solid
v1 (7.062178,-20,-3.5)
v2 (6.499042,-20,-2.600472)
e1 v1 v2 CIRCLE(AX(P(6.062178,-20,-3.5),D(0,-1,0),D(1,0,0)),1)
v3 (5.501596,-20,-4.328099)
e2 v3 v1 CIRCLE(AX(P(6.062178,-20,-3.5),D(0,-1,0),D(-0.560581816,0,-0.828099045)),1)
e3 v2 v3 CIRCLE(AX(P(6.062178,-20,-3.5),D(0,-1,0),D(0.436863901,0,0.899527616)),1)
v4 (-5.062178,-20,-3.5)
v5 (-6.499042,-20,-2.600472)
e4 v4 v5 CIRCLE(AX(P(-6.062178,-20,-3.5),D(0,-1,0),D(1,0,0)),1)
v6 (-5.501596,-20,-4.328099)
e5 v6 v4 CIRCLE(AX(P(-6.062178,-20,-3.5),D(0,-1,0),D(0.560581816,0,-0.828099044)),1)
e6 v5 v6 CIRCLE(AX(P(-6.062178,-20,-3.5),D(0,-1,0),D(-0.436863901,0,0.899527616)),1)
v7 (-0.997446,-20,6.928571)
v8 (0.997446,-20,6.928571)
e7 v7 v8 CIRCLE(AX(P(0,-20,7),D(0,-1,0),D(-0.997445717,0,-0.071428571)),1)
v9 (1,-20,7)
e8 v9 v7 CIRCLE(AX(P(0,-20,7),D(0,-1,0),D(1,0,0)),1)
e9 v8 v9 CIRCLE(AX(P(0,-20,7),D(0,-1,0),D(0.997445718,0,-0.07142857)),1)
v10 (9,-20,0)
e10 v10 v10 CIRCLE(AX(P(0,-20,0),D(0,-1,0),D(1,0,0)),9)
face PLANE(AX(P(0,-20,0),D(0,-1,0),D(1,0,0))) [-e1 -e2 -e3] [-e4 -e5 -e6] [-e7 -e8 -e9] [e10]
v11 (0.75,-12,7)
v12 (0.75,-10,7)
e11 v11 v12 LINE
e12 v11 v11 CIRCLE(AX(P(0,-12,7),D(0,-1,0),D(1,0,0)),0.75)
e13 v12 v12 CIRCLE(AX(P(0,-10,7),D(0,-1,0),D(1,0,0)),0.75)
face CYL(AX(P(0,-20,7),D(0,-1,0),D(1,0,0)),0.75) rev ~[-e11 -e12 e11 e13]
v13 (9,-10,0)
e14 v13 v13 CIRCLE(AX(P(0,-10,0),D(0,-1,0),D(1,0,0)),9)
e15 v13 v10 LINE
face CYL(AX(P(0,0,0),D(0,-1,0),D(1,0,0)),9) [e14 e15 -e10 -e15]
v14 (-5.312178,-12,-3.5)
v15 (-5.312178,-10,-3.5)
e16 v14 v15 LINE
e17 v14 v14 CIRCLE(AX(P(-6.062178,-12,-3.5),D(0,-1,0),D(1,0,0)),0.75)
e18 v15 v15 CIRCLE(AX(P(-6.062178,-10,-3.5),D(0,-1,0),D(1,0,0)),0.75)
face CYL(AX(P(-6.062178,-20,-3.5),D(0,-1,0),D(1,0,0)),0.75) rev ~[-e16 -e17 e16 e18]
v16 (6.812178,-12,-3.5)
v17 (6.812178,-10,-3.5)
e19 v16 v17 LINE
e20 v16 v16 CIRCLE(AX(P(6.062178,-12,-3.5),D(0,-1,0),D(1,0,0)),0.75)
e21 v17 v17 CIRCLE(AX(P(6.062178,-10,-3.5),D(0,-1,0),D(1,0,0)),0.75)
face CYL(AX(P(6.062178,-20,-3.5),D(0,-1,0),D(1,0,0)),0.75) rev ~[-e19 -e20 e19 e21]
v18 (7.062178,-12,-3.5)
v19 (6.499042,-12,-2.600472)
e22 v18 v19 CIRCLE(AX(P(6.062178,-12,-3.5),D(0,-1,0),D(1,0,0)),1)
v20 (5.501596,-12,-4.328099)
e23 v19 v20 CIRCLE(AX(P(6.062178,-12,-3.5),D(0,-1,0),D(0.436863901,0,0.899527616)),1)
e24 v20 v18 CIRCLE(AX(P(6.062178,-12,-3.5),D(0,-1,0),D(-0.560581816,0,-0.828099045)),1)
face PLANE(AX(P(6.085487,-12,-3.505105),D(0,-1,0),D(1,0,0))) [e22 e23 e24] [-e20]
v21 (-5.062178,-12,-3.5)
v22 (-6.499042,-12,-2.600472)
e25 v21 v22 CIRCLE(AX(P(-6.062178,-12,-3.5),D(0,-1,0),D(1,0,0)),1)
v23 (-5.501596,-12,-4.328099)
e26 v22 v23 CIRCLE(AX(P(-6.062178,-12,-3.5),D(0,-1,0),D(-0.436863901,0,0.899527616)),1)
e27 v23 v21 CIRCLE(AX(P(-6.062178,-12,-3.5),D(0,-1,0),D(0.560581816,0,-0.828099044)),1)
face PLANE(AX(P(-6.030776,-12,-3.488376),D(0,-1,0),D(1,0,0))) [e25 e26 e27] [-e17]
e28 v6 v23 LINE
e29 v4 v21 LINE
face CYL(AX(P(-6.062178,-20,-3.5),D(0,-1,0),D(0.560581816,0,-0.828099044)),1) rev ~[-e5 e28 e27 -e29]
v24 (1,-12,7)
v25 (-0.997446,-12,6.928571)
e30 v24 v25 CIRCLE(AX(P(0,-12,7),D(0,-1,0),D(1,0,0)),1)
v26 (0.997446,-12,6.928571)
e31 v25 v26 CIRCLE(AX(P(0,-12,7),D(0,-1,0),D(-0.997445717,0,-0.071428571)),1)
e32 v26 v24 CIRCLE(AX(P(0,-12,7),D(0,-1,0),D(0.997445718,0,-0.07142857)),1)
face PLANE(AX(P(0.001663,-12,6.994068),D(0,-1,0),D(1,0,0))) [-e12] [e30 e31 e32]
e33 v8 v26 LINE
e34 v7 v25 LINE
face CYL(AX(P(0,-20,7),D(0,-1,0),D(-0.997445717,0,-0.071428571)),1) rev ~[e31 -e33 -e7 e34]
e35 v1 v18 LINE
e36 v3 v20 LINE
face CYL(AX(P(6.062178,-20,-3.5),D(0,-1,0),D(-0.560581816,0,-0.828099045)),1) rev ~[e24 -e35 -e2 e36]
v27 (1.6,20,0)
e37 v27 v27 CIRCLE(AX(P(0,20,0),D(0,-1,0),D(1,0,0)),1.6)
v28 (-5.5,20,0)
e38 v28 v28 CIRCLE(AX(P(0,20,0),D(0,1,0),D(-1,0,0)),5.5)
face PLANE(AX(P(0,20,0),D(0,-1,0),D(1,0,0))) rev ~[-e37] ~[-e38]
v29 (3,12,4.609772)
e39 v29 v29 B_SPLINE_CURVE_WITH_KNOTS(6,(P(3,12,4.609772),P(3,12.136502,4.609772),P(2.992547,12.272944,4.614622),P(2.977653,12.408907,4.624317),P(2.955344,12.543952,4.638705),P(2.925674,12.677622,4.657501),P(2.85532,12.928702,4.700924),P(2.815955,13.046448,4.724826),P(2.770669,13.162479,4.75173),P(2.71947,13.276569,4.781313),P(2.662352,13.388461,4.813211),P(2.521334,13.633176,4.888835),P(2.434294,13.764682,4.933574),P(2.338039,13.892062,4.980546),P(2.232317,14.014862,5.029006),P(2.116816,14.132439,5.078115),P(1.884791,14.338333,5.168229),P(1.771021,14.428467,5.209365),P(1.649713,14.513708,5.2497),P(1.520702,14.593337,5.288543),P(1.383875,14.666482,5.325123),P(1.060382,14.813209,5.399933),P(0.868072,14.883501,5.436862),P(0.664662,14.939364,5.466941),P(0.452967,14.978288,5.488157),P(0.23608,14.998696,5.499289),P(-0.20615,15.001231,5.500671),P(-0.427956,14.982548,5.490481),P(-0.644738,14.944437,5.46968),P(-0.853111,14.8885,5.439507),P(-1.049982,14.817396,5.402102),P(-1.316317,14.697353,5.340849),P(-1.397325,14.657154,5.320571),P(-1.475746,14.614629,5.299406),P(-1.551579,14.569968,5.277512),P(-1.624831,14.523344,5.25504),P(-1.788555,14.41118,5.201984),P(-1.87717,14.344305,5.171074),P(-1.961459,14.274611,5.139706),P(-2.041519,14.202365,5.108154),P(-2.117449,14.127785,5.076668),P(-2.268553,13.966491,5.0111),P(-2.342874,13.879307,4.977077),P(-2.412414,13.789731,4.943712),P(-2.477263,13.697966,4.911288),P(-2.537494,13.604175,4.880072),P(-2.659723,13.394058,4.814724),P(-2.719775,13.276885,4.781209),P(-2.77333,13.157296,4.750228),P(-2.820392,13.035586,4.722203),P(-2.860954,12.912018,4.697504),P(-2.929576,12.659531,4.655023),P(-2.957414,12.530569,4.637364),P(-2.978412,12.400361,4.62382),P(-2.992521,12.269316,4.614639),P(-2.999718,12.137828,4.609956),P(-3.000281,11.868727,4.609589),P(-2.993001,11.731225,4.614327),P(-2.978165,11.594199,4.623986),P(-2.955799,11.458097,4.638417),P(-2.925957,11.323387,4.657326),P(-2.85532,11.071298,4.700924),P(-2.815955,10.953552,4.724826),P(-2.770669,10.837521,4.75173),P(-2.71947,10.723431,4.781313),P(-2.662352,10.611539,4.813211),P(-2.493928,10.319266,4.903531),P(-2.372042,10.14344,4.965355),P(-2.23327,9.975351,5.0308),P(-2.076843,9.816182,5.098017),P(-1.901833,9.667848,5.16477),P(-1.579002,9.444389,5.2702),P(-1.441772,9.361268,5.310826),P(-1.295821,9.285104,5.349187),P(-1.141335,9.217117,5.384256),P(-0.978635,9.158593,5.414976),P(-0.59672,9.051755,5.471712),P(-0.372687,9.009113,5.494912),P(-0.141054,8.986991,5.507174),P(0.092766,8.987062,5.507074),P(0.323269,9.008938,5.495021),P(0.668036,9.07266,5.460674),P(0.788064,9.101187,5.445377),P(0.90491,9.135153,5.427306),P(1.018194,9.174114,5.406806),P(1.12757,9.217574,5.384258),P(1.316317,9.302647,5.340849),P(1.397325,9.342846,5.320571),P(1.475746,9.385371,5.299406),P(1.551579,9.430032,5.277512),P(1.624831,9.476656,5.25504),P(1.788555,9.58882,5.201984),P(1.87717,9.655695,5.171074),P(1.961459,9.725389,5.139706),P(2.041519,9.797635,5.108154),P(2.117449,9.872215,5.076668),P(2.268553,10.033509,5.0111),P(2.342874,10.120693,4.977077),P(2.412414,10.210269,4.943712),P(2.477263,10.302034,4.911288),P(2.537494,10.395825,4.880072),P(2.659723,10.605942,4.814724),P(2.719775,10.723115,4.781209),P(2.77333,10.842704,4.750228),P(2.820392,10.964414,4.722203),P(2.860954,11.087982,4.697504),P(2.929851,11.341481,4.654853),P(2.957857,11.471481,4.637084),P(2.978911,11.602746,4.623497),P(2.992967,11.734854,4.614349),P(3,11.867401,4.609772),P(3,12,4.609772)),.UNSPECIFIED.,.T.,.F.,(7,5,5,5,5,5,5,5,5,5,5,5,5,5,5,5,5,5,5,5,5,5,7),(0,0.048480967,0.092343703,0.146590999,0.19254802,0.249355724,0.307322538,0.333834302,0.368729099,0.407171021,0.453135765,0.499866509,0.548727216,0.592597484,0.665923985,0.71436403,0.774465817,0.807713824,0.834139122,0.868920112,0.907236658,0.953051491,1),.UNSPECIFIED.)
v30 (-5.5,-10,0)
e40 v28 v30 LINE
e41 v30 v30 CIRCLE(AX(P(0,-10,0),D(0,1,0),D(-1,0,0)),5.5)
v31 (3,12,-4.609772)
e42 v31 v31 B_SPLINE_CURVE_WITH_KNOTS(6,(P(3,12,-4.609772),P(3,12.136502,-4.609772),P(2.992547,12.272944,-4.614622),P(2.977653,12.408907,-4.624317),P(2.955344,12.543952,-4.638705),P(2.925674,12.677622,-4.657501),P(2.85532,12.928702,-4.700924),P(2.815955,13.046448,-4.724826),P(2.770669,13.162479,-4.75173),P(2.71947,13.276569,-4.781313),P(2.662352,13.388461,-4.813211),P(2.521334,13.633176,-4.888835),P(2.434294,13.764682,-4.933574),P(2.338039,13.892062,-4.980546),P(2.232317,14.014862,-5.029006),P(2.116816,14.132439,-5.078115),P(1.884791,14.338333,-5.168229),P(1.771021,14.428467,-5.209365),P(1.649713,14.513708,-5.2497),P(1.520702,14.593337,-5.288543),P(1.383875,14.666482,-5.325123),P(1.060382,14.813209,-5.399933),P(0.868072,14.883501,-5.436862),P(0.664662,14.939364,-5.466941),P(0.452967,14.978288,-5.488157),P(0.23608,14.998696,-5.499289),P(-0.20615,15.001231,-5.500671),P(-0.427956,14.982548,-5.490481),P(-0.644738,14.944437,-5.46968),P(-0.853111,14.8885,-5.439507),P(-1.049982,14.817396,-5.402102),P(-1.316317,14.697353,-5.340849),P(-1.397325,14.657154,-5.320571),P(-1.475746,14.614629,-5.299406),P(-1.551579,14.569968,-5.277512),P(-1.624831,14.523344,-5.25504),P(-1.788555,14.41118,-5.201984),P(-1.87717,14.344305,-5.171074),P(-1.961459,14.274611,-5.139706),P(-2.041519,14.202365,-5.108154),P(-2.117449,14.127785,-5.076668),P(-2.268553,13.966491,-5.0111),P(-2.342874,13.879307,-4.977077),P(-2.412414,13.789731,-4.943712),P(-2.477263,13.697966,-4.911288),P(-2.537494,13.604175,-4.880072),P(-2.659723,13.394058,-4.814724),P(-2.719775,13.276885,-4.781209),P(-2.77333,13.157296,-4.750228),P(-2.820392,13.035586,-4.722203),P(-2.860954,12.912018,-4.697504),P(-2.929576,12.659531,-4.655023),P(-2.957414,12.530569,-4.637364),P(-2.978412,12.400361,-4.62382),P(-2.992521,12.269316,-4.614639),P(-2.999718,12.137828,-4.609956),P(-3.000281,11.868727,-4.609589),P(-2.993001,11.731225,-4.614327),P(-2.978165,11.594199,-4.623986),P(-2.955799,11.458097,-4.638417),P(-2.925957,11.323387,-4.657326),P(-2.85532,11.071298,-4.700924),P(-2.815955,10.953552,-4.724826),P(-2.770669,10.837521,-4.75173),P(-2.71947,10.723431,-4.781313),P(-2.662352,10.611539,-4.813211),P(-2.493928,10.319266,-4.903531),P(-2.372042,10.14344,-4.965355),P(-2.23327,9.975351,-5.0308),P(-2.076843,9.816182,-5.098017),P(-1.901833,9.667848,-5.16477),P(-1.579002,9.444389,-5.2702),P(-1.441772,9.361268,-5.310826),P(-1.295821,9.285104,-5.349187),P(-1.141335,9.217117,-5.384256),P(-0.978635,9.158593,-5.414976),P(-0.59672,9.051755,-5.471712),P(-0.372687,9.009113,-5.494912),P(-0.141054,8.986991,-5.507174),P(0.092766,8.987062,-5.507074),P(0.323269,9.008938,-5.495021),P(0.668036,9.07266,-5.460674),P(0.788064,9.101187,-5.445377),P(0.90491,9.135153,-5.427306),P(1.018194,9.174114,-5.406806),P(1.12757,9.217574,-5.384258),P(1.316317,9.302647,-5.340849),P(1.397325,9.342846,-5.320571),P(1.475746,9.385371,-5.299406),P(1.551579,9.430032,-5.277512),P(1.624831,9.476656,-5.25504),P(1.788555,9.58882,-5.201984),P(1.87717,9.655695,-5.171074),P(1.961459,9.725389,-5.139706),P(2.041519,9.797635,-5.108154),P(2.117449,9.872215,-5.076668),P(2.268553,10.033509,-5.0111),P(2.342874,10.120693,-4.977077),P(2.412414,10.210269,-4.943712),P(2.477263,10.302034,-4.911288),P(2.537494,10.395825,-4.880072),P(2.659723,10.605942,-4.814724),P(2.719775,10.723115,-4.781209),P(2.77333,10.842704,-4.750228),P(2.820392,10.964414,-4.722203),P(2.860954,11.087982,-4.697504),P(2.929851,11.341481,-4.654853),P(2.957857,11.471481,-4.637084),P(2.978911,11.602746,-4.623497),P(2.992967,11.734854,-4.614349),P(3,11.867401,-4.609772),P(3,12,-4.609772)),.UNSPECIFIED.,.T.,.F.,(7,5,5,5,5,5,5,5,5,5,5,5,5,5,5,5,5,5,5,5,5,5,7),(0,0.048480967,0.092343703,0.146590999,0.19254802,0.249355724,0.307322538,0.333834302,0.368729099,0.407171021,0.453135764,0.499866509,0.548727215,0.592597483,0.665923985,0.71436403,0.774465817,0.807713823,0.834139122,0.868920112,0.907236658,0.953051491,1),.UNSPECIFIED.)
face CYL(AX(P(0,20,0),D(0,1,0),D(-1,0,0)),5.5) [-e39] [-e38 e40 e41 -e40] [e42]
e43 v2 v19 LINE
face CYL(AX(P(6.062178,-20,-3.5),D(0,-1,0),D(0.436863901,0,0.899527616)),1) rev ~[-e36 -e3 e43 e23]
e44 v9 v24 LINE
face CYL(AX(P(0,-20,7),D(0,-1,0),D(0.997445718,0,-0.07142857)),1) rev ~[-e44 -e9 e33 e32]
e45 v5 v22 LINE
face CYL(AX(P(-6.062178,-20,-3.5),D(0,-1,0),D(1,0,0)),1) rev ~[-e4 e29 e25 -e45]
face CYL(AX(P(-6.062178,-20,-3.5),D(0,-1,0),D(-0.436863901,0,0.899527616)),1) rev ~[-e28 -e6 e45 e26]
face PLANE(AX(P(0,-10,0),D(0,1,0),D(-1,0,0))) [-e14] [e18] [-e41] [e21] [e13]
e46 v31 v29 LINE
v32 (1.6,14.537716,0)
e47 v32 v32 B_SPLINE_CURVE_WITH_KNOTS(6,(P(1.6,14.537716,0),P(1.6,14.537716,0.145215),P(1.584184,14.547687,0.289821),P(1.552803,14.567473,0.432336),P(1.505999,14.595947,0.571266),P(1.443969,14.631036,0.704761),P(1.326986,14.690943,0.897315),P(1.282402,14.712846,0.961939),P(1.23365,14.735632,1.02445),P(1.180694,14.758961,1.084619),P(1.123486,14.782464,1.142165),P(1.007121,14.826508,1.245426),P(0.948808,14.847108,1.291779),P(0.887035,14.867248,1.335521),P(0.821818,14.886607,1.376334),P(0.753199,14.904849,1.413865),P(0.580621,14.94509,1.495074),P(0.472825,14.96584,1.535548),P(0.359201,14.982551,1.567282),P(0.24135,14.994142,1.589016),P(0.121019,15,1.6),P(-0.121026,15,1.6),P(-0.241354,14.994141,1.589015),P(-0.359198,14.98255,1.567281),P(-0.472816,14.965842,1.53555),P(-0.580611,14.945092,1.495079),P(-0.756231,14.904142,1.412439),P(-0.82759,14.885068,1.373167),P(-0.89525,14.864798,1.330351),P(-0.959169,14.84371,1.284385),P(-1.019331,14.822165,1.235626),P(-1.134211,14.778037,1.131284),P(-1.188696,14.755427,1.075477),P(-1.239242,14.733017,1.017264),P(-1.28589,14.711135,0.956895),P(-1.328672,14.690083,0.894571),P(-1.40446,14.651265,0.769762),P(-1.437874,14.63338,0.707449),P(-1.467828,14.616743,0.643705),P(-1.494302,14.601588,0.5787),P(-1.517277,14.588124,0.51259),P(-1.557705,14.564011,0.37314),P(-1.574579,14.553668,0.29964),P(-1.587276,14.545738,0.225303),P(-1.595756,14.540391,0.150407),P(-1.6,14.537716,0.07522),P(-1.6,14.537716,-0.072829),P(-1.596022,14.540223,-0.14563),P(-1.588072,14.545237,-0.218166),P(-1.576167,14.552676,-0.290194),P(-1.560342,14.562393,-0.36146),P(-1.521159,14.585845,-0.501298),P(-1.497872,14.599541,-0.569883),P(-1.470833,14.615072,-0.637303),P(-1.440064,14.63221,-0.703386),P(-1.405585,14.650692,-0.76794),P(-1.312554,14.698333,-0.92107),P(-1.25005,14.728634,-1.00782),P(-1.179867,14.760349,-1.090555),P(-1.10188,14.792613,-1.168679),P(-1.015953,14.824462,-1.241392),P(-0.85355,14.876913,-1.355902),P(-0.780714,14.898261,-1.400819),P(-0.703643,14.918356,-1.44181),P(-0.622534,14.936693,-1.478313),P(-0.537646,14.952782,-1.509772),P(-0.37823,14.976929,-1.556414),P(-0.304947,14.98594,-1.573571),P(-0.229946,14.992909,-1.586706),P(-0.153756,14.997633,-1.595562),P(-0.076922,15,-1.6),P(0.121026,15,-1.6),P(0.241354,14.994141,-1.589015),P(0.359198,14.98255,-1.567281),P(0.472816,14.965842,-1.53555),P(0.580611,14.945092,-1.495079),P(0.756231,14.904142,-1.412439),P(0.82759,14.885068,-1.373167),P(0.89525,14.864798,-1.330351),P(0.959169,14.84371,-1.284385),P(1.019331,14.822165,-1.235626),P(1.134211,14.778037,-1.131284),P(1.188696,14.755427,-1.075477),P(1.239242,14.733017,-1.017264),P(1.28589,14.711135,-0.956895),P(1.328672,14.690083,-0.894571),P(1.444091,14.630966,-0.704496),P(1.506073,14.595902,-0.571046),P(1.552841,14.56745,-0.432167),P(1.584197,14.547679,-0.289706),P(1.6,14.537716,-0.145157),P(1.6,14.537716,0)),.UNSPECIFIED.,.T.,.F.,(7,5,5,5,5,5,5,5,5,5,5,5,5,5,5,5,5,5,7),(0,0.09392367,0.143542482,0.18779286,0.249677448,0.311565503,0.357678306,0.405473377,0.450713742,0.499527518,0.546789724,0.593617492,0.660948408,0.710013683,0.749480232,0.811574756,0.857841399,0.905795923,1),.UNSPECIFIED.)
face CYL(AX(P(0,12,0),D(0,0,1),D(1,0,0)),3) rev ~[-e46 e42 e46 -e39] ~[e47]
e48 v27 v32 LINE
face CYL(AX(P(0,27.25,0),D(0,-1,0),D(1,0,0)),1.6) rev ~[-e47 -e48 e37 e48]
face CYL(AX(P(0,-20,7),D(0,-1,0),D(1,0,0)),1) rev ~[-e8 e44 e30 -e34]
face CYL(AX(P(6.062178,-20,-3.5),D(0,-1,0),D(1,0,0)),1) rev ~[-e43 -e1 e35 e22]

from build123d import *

# Parameters (mm, degrees)
F0_R      = 9
F1_DEPTH  = 20
F2_R      = 0.75
F3_DEPTH  = 8
F4_R      = 9
F4_R_2    = 5.5
F5_DEPTH  = 30
F6_DEPTH  = 10
F7_R      = 3
F8_DEPTH  = 12.5
F10_D     = 3.2
F10_DEPTH = 7.25
F10_TIP   = 0.9613769904


with BuildPart() as f1:
    # F0 (on Front) → F1 (new body, symmetric)
    with BuildSketch(Plane.XZ):
        Circle(F0_R)
    extrude(amount=F1_DEPTH, both=True)

    # F2 (on face) → F3 (cut)
    with BuildSketch(Plane.XZ.offset(20)):
        with BuildLine():
            ThreePointArc((1, 7), (-0.0357371137, 7.9993612253), (-0.9974457174, 6.9285714286))
            ThreePointArc((-0.9974457174, 6.9285714286), (0, 6), (0.9974457174, 6.9285714286))
            ThreePointArc((0.9974457174, 6.9285714286), (0.9993612253, 6.9642628863), (1, 7))
        make_face()
        with Locations((0, 7)):
            Circle(F2_R, mode=Mode.SUBTRACT)
        with BuildLine():
            ThreePointArc((-5.0621778265, -3.5), (-5.5315479655, -2.6523963481), (-6.4990417278, -2.6004723841))
            ThreePointArc((-6.4990417278, -2.6004723841), (-6.9282032303, -4), (-5.5015960104, -4.3280990445))
            ThreePointArc((-5.5015960104, -4.3280990445), (-5.178837061, -3.9687313644), (-5.0621778265, -3.5))
        make_face()
        with Locations((-6.0621778265, -3.5)):
            Circle(F2_R, mode=Mode.SUBTRACT)
        with BuildLine():
            ThreePointArc((7.0621778265, -3.5), (6.9097814784, -2.969370139), (6.4990417278, -2.6004723841))
            ThreePointArc((6.4990417278, -2.6004723841), (5.1961524227, -3), (5.5015960104, -4.3280990445))
            ThreePointArc((5.5015960104, -4.3280990445), (6.5309091909, -4.3833407655), (7.0621778265, -3.5))
        make_face()
        with Locations((6.0621778265, -3.5)):
            Circle(F2_R, mode=Mode.SUBTRACT)
    extrude(amount=-F3_DEPTH, mode=Mode.SUBTRACT)

    # F4 (on face) → F5 (cut)
    with BuildSketch(Plane(origin=(0, 20, 0), x_dir=(-1, 0, 0), z_dir=(0, 1, 0))):
        Circle(F4_R)
        Circle(F4_R_2, mode=Mode.SUBTRACT)
    extrude(amount=-F5_DEPTH, mode=Mode.SUBTRACT)

    # F2 (on face) → F6 (cut)
    with BuildSketch(Plane.XZ.offset(20)):
        with Locations((-6.0621778265, -3.5)):
            Circle(F2_R)
        with Locations((0, 7)):
            Circle(F2_R)
        with Locations((6.0621778265, -3.5)):
            Circle(F2_R)
    extrude(amount=-F6_DEPTH, mode=Mode.SUBTRACT)

    # F7 (on Top) → F8 (cut, symmetric)
    with BuildSketch(Plane.XY):
        with Locations((0, 12)):
            Circle(F7_R)
    extrude(amount=F8_DEPTH, both=True, mode=Mode.SUBTRACT)

    # F10
    with Locations(Plane(origin=(0, 20, 0), x_dir=(-1, 0, 0), z_dir=(0, 1, 0))):
        with Locations((0, 0)):
            Hole(F10_D / 2, depth=F10_DEPTH)
            with Locations((0, 0, -(F10_DEPTH + F10_TIP / 2))):  # 118° drill point
                Cone(0, F10_D / 2, F10_TIP, mode=Mode.SUBTRACT)


solid = f1.part
